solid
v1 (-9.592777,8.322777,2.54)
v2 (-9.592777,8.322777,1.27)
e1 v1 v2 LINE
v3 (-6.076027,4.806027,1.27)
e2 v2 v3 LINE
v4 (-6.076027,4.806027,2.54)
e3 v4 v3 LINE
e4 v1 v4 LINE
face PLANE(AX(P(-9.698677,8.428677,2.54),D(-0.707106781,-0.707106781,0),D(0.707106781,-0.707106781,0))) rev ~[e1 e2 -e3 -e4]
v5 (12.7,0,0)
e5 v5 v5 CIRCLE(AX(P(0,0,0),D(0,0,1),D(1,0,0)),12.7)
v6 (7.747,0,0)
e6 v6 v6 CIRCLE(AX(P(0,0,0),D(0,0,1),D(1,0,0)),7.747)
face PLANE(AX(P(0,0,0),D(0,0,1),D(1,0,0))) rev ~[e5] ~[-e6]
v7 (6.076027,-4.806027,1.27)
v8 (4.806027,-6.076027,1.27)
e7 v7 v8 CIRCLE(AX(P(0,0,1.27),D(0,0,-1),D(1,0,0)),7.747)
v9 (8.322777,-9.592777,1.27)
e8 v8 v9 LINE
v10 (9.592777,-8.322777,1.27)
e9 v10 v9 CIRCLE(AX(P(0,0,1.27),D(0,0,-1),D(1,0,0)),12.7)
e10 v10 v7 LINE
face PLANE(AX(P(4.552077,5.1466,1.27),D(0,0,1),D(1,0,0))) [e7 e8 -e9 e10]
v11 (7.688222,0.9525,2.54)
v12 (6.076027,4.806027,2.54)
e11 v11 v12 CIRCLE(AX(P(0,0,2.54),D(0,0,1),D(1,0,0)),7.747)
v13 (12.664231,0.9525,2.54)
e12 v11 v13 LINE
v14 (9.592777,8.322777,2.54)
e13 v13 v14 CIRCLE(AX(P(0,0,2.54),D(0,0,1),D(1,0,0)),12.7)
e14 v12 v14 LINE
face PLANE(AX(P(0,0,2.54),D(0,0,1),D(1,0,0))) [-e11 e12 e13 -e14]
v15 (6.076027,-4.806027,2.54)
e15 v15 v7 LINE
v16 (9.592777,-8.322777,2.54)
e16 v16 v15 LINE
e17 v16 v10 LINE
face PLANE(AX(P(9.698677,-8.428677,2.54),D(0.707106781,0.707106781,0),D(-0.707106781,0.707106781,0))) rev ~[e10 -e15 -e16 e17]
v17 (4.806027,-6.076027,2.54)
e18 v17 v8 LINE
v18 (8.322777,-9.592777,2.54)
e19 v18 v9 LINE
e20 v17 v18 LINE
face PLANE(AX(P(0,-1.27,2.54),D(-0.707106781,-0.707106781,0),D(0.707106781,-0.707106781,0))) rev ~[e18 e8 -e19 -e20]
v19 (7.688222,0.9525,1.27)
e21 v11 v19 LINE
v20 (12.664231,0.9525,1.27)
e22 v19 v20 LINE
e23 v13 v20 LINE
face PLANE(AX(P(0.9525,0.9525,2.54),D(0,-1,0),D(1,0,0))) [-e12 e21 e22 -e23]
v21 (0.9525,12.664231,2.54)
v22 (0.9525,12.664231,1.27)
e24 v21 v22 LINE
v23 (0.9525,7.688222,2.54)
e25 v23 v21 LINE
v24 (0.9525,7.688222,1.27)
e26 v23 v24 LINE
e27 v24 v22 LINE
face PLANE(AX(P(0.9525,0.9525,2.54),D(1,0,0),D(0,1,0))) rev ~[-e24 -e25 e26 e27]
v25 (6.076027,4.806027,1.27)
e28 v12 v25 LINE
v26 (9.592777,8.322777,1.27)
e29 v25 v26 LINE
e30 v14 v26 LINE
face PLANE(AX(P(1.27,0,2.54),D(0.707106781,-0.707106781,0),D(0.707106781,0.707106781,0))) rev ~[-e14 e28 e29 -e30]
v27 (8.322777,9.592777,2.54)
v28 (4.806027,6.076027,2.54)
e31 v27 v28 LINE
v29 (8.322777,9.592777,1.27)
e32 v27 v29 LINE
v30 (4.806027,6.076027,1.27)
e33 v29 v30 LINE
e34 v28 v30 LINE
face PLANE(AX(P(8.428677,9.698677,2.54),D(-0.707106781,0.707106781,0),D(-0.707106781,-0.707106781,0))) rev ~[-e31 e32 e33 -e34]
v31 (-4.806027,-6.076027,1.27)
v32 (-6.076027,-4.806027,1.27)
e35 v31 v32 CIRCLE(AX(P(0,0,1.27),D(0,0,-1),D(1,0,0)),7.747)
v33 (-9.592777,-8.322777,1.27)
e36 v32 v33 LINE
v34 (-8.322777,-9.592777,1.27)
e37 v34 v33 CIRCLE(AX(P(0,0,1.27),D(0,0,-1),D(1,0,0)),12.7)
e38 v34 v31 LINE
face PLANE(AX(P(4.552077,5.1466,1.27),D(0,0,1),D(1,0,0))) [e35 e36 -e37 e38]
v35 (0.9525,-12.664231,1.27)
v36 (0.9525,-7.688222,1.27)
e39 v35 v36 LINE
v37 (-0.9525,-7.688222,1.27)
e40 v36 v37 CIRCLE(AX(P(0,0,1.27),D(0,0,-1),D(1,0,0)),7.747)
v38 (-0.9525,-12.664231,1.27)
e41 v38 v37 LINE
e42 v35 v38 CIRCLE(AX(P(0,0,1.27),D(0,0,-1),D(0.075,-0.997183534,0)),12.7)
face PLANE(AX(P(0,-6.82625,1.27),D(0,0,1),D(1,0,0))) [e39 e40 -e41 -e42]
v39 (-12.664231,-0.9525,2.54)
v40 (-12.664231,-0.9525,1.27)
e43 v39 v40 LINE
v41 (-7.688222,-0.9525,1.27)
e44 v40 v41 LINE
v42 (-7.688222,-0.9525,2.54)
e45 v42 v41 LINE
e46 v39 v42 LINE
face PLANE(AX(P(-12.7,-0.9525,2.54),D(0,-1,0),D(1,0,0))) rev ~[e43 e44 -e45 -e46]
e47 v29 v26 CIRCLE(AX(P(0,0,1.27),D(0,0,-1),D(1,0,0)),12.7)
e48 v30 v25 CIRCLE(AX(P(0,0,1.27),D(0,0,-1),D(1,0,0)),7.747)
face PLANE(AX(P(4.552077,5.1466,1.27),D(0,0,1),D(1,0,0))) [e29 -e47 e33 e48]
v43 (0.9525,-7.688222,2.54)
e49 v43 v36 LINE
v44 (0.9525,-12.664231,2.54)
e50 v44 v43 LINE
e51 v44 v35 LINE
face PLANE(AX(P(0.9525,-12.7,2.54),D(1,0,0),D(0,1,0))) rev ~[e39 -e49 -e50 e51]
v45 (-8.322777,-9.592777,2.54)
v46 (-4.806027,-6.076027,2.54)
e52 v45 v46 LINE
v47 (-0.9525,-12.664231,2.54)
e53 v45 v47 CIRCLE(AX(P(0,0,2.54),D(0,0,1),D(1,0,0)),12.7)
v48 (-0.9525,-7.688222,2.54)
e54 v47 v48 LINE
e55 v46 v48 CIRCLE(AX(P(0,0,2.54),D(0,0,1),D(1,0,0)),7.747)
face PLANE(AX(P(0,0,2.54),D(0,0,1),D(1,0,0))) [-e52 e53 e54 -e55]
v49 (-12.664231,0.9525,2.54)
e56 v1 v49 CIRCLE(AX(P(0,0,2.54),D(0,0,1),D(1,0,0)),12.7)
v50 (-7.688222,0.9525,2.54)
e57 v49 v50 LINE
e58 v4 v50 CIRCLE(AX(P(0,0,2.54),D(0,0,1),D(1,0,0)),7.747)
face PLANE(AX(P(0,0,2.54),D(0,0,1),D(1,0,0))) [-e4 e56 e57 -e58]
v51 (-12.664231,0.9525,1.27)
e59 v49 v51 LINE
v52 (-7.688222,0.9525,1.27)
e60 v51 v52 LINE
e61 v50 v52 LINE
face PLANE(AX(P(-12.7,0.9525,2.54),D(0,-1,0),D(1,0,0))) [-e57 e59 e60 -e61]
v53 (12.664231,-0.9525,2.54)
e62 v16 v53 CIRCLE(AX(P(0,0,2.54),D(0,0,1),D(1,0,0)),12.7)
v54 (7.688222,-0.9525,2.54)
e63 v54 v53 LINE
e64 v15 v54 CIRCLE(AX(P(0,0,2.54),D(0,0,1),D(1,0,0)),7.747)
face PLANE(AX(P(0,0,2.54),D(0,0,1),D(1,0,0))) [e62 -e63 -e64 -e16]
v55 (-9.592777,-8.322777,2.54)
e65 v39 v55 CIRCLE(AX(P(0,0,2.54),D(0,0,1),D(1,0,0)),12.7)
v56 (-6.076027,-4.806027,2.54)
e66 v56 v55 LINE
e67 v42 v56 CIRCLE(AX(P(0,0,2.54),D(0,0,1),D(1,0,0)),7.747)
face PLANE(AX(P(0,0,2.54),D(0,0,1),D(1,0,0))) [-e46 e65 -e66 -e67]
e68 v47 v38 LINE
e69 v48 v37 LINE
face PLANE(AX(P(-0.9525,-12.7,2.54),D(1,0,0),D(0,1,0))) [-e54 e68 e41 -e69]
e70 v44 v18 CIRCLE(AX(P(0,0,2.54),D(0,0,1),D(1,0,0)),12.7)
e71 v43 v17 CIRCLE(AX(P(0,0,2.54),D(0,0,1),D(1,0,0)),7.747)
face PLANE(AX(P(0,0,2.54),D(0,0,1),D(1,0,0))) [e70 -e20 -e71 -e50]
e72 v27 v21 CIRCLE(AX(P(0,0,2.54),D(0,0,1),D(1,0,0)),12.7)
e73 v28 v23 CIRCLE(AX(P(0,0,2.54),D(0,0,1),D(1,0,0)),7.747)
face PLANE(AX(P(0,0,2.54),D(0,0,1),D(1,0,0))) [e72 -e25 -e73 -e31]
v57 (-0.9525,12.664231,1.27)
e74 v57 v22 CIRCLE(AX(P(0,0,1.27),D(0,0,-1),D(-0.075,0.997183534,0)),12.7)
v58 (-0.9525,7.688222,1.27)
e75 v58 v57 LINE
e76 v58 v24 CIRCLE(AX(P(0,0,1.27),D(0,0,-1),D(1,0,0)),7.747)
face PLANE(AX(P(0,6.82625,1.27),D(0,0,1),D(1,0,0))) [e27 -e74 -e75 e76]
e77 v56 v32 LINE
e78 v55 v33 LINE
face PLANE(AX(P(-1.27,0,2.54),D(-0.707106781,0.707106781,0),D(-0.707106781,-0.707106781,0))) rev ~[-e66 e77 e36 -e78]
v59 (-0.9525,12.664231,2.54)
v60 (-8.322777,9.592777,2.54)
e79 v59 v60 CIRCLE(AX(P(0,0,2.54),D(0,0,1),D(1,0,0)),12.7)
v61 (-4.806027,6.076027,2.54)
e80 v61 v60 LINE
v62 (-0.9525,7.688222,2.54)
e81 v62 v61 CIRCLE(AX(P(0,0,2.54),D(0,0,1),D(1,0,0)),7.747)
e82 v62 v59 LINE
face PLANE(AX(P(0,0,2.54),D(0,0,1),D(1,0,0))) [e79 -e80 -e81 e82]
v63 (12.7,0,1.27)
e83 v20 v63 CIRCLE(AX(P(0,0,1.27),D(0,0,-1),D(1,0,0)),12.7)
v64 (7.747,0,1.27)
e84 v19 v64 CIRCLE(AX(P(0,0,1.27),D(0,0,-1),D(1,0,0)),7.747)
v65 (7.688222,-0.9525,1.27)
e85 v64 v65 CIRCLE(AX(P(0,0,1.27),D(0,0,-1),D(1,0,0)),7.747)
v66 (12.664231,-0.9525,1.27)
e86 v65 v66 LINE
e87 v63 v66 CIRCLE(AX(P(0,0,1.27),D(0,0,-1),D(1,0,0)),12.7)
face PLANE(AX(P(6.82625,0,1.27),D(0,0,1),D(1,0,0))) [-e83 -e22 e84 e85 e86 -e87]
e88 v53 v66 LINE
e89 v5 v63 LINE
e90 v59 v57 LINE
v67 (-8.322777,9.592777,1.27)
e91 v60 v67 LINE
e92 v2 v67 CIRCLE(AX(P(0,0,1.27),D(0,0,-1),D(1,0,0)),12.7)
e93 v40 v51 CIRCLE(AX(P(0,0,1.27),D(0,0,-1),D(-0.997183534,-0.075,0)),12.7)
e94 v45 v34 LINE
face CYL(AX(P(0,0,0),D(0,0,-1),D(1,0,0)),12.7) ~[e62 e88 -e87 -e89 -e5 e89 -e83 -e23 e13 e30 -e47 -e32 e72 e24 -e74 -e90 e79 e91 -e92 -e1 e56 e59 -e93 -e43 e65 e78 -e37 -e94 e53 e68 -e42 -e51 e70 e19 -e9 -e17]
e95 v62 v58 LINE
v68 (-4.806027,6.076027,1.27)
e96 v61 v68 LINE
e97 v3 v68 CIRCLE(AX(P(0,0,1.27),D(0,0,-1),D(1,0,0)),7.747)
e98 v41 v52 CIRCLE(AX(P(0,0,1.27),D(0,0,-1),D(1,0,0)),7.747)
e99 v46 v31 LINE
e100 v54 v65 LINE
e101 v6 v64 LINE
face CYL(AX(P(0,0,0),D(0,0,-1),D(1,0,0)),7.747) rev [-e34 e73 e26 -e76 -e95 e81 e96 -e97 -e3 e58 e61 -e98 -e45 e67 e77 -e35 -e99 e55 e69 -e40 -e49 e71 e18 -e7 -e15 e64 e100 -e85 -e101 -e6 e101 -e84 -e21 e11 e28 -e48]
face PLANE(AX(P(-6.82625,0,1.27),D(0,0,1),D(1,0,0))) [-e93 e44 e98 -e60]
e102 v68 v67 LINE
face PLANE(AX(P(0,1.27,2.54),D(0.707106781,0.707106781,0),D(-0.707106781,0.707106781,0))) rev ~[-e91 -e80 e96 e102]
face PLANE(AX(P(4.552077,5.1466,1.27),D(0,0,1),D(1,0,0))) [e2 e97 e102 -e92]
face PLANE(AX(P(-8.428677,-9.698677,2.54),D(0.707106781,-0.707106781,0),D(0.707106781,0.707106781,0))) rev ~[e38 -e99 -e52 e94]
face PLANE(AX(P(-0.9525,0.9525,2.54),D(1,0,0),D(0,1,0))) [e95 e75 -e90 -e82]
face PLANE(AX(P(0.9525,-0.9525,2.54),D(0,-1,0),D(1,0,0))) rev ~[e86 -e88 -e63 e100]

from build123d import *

# Parameters (mm, degrees)
F0_R     = 12.7
F0_R_2   = 7.747
F1_DEPTH = 2.54
F3_DEPTH = 1.27
F4_W     = 1.905
F4_H     = 11.7475
F4_W_2   = 11.7475
F4_H_2   = 1.905
F5_DEPTH = 1.27


with BuildPart() as f1:
    # F0 (on Top) → F1 (new body)
    with BuildSketch(Plane.XY):
        Circle(F0_R)
        Circle(F0_R_2, mode=Mode.SUBTRACT)
    extrude(amount=F1_DEPTH)

    # F2 (on face) → F3 (cut)
    with BuildSketch(Plane.XY.offset(2.54)):
        Polygon((0, 1.27), (0, 0), (6.35, 6.35), (9.698677, 9.698677), (8.428677, 9.698677), align=None)
        Polygon((-1.27, 0), (0, 0), (-6.35, 6.35), (-9.698677, 9.698677), (-9.698677, 8.428677), align=None)
        Polygon((1.27, 0), (0, 0), (6.35, -6.35), (9.698677, -9.698677), (9.698677, -8.428677), align=None)
        Polygon((0, -1.27), (0, 0), (-6.35, -6.35), (-9.698677, -9.698677), (-8.428677, -9.698677), align=None)
        Polygon((6.35, 6.35), (0, 0), (1.27, 0), (9.698677, 8.428677), (9.698677, 9.698677), align=None)
        Polygon((-6.35, 6.35), (0, 0), (0, 1.27), (-8.428677, 9.698677), (-9.698677, 9.698677), align=None)
        Polygon((6.35, -6.35), (0, 0), (0, -1.27), (8.428677, -9.698677), (9.698677, -9.698677), align=None)
        Polygon((-6.35, -6.35), (0, 0), (-1.27, 0), (-9.698677, -8.428677), (-9.698677, -9.698677), align=None)
    extrude(amount=-F3_DEPTH, mode=Mode.SUBTRACT)

    # F4 (on face) → F5 (cut)
    with BuildSketch(Plane.XY.offset(2.54)):
        with Locations((0, -6.82625)):
            Rectangle(F4_W, F4_H)
        with Locations((6.82625, 0)):
            Rectangle(F4_W_2, F4_H_2)
        with Locations((-6.82625, 0)):
            Rectangle(F4_W_2, F4_H_2)
        with Locations((0, 6.82625)):
            Rectangle(F4_W, F4_H)
    extrude(amount=-F5_DEPTH, mode=Mode.SUBTRACT)


solid = f1.part
